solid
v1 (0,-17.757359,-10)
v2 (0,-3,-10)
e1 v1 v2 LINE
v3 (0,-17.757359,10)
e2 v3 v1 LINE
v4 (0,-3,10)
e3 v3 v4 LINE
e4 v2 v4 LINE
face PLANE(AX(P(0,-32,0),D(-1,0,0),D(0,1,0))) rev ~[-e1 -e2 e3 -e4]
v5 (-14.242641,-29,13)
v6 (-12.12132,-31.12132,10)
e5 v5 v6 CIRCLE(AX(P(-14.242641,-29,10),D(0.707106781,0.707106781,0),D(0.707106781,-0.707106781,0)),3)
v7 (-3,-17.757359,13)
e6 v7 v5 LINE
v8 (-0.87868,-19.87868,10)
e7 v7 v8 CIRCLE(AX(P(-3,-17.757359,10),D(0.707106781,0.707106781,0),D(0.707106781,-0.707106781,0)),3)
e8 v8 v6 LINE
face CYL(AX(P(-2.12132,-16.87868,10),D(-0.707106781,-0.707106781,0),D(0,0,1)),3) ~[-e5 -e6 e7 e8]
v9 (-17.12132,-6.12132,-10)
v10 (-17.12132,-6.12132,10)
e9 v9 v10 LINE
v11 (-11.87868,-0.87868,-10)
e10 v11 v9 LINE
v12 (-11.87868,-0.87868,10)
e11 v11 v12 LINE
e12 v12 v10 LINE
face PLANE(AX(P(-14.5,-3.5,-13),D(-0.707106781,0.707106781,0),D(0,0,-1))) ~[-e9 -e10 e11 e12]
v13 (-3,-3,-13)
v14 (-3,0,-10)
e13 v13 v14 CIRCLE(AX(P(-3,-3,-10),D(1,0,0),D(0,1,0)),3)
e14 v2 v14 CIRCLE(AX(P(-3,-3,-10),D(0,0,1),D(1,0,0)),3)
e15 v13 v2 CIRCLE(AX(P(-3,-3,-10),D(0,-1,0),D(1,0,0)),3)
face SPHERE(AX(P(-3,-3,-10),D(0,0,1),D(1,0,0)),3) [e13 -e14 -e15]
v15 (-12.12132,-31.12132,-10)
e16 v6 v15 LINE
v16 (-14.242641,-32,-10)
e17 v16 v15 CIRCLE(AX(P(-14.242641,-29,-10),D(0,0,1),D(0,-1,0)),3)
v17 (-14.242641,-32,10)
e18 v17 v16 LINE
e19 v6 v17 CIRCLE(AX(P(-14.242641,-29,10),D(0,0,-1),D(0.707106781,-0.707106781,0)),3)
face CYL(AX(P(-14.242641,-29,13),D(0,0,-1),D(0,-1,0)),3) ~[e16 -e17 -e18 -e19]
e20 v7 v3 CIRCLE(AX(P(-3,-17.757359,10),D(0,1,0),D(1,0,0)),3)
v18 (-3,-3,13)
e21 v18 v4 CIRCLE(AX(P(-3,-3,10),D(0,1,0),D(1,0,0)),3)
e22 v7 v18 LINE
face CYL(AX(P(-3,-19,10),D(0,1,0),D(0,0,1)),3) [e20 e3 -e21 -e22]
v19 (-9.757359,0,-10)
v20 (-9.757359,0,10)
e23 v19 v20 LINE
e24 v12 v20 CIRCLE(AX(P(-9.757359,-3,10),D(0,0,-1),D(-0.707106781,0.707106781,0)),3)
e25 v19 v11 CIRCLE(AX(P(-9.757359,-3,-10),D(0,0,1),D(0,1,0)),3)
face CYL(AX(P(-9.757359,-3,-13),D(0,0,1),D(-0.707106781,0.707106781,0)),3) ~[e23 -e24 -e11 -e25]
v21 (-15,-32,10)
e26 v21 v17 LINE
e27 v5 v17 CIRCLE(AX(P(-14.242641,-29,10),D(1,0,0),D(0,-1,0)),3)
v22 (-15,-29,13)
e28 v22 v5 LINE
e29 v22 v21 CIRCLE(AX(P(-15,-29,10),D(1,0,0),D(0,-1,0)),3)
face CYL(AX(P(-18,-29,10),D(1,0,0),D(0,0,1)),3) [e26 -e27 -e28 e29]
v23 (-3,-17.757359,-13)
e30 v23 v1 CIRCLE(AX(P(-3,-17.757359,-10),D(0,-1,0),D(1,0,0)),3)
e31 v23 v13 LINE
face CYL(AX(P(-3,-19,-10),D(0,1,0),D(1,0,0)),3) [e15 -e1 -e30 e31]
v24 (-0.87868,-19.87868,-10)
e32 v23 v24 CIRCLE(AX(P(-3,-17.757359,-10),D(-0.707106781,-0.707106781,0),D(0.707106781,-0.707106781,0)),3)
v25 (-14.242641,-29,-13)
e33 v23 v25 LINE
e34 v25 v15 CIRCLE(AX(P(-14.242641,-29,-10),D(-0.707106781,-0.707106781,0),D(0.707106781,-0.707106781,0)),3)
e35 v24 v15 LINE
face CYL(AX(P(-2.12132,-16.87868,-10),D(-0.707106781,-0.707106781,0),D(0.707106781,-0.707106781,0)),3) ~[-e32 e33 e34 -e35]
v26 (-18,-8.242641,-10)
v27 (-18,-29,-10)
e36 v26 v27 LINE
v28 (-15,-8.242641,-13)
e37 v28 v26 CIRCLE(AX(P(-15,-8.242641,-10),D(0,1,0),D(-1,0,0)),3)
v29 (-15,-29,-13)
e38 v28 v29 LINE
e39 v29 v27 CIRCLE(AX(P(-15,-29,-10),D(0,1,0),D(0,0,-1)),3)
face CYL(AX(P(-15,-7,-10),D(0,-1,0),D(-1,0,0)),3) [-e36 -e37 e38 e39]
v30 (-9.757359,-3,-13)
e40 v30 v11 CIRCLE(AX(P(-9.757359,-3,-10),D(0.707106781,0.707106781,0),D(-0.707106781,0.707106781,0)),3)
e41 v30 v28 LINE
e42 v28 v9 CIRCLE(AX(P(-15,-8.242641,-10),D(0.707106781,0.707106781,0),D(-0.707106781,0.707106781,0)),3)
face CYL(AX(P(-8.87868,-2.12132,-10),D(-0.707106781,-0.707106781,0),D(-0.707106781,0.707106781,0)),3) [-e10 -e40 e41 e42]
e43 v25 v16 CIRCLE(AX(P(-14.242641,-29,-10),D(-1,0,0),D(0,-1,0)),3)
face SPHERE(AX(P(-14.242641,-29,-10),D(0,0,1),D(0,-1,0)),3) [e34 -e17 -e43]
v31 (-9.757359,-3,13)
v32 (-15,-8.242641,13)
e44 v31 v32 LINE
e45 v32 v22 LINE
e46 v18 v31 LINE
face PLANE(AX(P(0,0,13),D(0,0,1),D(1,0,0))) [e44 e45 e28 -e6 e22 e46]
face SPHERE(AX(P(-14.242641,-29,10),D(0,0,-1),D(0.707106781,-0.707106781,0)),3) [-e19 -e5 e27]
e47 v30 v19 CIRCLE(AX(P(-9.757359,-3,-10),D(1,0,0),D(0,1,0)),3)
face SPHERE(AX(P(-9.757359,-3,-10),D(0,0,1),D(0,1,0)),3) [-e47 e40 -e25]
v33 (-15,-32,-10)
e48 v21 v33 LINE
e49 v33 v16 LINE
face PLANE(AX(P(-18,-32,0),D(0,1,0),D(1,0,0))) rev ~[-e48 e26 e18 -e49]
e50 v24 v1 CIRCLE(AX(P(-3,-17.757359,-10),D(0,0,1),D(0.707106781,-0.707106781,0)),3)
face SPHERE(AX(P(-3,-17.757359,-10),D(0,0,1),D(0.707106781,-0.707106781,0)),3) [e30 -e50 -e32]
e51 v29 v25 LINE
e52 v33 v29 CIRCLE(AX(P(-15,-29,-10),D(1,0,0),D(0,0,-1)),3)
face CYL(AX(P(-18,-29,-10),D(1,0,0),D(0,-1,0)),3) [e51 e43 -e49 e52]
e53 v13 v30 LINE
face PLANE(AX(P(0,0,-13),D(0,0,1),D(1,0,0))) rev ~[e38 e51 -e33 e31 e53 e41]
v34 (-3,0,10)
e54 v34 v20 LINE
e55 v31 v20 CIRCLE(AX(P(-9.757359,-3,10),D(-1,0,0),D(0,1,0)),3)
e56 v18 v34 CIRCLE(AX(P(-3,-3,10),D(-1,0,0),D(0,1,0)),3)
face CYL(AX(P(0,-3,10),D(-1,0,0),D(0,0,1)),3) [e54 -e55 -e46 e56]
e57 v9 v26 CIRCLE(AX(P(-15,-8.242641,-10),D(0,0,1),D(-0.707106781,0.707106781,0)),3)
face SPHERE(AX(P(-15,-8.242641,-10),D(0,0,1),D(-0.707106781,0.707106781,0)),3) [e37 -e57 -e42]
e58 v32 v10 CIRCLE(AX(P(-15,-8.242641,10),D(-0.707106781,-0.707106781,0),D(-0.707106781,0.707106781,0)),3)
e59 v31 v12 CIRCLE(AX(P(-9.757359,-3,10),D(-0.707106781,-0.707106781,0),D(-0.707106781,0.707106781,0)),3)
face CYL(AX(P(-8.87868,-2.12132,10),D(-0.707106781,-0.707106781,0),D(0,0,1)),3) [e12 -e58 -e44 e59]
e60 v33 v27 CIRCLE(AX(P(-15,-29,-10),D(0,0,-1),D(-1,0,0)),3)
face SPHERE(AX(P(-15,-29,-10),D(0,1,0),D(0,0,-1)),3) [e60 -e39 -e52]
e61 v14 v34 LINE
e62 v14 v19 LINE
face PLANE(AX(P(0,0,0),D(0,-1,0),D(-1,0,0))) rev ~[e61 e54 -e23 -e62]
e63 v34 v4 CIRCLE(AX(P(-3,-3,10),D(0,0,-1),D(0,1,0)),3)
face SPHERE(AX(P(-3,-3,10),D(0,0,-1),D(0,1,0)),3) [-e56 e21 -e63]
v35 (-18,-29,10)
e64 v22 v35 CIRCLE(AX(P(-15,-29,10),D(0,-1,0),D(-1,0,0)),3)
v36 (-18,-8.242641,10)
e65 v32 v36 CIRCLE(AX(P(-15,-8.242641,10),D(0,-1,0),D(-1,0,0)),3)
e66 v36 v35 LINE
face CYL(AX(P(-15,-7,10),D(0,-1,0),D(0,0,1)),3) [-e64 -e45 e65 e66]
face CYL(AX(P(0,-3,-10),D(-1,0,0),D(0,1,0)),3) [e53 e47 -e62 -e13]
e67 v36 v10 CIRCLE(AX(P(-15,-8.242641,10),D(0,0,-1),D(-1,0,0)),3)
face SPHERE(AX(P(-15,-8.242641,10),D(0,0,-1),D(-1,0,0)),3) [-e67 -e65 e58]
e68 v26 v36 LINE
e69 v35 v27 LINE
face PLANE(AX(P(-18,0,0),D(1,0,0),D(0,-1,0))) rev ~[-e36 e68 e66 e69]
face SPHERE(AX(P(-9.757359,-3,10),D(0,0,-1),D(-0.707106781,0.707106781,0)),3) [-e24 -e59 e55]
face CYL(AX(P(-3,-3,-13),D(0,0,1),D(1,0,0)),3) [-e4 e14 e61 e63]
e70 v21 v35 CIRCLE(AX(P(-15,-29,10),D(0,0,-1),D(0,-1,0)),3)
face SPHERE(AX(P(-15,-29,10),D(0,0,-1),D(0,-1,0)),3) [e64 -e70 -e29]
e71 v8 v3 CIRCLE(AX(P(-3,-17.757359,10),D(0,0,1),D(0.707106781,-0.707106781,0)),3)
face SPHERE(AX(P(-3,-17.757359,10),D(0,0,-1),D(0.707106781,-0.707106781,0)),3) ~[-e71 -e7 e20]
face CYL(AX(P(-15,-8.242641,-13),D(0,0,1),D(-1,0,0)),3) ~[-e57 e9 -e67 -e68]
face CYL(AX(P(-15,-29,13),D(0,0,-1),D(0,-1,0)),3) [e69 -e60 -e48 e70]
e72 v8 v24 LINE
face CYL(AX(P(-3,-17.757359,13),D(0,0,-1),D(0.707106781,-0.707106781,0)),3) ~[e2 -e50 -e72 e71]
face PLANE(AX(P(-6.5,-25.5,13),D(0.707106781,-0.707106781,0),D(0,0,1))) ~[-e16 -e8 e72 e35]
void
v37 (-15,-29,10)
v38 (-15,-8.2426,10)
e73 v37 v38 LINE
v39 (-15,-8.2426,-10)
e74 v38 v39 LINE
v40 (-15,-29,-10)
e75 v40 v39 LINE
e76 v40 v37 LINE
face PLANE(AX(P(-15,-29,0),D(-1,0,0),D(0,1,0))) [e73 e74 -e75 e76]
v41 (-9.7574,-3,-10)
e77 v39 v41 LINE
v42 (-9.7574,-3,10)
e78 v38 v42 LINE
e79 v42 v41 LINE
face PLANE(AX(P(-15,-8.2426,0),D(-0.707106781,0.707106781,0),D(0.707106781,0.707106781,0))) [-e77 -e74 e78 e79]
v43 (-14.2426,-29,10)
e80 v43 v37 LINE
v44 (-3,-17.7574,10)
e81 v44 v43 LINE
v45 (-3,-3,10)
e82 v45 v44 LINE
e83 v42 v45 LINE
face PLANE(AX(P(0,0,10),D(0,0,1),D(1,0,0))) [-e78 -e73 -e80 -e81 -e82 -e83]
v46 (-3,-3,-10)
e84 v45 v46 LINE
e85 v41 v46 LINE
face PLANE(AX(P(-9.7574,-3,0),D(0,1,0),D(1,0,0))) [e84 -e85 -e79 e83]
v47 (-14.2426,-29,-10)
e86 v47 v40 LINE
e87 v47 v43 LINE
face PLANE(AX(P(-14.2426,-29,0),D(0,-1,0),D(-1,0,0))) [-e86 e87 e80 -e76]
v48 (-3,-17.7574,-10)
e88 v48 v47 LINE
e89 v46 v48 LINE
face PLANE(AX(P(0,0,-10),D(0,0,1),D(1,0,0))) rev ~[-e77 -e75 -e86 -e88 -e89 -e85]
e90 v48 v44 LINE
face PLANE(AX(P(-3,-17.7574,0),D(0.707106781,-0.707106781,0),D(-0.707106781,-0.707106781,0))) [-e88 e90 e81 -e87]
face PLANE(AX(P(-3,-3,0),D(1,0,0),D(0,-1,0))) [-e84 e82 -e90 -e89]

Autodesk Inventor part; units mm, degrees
ref_plane "YZ Plane" through (0, 0, 0) normal (1, 0, 0) x (0, 1, 0)
ref_plane "XZ Plane" through (0, 0, 0) normal (0, 1, 0) x (-1, 0, 0)
ref_plane "XY Plane" through (0, 0, 0) normal (0, 0, 1) x (1, 0, 0)
sketch "Sketch1" plane through (0, 0, 0) normal (0, 0, 1) x (1, 0, 0)
  line L0 (0, 0) -> (-18, 0)
  line L1 (-18, 0) -> (-18, -32)
  line L2 (-18, -32) -> (0, -32)
  line L3 (0, -32) -> (0, 0)
  dimension "d0" = 18
  dimension "d1" = 32
extrude "Extrusion1" add sketch "Sketch1" along normal mid plane 26
chamfer "Chamfer1" distance 7 angle 45 1 edges at (-18, 0, 0)
chamfer "Chamfer2" distance 13 angle 45 1 edges at (0, -32, 0)
fillet "Fillet1" radius 3 18 edges at (-18, -7, 0) (-11, 0, 0) (0, 0, 0) (0, -9.5, -13) (-5.5, 0, -13) (-14.5, -3.5, -13) (-18, -19.5, -13) (-15.5, -32, -13) (-18, -32, 0) (-15.5, -32, 13) (-18, -19.5, 13) (-14.5, -3.5, 13) (-5.5, 0, 13) (0, -9.5, 13) (0, -19, 0) (-6.5, -25.5, -13) (-13, -32, 0) (-6.5, -25.5, 13)
sketch "Sketch2" plane through (0, 0, 0) normal (0, 0, 1) x (1, 0, 0)
  line L0 (-15, -29) -> (-15, -8.2426) projected
  line L1 (-14.2426, -29) -> (-15, -29) projected
  line L2 (-3, -17.7574) -> (-14.2426, -29) projected
  line L3 (-3, -3) -> (-3, -17.7574) projected
  line L4 (-9.7574, -3) -> (-3, -3) projected
  line L5 (-15, -8.2426) -> (-9.7574, -3) projected
  point P0 (0, 0)
extrude "Extrusion2" cut sketch "Sketch2" along normal mid plane 20
properties part number "Ar620" material "ABS Plastic"
